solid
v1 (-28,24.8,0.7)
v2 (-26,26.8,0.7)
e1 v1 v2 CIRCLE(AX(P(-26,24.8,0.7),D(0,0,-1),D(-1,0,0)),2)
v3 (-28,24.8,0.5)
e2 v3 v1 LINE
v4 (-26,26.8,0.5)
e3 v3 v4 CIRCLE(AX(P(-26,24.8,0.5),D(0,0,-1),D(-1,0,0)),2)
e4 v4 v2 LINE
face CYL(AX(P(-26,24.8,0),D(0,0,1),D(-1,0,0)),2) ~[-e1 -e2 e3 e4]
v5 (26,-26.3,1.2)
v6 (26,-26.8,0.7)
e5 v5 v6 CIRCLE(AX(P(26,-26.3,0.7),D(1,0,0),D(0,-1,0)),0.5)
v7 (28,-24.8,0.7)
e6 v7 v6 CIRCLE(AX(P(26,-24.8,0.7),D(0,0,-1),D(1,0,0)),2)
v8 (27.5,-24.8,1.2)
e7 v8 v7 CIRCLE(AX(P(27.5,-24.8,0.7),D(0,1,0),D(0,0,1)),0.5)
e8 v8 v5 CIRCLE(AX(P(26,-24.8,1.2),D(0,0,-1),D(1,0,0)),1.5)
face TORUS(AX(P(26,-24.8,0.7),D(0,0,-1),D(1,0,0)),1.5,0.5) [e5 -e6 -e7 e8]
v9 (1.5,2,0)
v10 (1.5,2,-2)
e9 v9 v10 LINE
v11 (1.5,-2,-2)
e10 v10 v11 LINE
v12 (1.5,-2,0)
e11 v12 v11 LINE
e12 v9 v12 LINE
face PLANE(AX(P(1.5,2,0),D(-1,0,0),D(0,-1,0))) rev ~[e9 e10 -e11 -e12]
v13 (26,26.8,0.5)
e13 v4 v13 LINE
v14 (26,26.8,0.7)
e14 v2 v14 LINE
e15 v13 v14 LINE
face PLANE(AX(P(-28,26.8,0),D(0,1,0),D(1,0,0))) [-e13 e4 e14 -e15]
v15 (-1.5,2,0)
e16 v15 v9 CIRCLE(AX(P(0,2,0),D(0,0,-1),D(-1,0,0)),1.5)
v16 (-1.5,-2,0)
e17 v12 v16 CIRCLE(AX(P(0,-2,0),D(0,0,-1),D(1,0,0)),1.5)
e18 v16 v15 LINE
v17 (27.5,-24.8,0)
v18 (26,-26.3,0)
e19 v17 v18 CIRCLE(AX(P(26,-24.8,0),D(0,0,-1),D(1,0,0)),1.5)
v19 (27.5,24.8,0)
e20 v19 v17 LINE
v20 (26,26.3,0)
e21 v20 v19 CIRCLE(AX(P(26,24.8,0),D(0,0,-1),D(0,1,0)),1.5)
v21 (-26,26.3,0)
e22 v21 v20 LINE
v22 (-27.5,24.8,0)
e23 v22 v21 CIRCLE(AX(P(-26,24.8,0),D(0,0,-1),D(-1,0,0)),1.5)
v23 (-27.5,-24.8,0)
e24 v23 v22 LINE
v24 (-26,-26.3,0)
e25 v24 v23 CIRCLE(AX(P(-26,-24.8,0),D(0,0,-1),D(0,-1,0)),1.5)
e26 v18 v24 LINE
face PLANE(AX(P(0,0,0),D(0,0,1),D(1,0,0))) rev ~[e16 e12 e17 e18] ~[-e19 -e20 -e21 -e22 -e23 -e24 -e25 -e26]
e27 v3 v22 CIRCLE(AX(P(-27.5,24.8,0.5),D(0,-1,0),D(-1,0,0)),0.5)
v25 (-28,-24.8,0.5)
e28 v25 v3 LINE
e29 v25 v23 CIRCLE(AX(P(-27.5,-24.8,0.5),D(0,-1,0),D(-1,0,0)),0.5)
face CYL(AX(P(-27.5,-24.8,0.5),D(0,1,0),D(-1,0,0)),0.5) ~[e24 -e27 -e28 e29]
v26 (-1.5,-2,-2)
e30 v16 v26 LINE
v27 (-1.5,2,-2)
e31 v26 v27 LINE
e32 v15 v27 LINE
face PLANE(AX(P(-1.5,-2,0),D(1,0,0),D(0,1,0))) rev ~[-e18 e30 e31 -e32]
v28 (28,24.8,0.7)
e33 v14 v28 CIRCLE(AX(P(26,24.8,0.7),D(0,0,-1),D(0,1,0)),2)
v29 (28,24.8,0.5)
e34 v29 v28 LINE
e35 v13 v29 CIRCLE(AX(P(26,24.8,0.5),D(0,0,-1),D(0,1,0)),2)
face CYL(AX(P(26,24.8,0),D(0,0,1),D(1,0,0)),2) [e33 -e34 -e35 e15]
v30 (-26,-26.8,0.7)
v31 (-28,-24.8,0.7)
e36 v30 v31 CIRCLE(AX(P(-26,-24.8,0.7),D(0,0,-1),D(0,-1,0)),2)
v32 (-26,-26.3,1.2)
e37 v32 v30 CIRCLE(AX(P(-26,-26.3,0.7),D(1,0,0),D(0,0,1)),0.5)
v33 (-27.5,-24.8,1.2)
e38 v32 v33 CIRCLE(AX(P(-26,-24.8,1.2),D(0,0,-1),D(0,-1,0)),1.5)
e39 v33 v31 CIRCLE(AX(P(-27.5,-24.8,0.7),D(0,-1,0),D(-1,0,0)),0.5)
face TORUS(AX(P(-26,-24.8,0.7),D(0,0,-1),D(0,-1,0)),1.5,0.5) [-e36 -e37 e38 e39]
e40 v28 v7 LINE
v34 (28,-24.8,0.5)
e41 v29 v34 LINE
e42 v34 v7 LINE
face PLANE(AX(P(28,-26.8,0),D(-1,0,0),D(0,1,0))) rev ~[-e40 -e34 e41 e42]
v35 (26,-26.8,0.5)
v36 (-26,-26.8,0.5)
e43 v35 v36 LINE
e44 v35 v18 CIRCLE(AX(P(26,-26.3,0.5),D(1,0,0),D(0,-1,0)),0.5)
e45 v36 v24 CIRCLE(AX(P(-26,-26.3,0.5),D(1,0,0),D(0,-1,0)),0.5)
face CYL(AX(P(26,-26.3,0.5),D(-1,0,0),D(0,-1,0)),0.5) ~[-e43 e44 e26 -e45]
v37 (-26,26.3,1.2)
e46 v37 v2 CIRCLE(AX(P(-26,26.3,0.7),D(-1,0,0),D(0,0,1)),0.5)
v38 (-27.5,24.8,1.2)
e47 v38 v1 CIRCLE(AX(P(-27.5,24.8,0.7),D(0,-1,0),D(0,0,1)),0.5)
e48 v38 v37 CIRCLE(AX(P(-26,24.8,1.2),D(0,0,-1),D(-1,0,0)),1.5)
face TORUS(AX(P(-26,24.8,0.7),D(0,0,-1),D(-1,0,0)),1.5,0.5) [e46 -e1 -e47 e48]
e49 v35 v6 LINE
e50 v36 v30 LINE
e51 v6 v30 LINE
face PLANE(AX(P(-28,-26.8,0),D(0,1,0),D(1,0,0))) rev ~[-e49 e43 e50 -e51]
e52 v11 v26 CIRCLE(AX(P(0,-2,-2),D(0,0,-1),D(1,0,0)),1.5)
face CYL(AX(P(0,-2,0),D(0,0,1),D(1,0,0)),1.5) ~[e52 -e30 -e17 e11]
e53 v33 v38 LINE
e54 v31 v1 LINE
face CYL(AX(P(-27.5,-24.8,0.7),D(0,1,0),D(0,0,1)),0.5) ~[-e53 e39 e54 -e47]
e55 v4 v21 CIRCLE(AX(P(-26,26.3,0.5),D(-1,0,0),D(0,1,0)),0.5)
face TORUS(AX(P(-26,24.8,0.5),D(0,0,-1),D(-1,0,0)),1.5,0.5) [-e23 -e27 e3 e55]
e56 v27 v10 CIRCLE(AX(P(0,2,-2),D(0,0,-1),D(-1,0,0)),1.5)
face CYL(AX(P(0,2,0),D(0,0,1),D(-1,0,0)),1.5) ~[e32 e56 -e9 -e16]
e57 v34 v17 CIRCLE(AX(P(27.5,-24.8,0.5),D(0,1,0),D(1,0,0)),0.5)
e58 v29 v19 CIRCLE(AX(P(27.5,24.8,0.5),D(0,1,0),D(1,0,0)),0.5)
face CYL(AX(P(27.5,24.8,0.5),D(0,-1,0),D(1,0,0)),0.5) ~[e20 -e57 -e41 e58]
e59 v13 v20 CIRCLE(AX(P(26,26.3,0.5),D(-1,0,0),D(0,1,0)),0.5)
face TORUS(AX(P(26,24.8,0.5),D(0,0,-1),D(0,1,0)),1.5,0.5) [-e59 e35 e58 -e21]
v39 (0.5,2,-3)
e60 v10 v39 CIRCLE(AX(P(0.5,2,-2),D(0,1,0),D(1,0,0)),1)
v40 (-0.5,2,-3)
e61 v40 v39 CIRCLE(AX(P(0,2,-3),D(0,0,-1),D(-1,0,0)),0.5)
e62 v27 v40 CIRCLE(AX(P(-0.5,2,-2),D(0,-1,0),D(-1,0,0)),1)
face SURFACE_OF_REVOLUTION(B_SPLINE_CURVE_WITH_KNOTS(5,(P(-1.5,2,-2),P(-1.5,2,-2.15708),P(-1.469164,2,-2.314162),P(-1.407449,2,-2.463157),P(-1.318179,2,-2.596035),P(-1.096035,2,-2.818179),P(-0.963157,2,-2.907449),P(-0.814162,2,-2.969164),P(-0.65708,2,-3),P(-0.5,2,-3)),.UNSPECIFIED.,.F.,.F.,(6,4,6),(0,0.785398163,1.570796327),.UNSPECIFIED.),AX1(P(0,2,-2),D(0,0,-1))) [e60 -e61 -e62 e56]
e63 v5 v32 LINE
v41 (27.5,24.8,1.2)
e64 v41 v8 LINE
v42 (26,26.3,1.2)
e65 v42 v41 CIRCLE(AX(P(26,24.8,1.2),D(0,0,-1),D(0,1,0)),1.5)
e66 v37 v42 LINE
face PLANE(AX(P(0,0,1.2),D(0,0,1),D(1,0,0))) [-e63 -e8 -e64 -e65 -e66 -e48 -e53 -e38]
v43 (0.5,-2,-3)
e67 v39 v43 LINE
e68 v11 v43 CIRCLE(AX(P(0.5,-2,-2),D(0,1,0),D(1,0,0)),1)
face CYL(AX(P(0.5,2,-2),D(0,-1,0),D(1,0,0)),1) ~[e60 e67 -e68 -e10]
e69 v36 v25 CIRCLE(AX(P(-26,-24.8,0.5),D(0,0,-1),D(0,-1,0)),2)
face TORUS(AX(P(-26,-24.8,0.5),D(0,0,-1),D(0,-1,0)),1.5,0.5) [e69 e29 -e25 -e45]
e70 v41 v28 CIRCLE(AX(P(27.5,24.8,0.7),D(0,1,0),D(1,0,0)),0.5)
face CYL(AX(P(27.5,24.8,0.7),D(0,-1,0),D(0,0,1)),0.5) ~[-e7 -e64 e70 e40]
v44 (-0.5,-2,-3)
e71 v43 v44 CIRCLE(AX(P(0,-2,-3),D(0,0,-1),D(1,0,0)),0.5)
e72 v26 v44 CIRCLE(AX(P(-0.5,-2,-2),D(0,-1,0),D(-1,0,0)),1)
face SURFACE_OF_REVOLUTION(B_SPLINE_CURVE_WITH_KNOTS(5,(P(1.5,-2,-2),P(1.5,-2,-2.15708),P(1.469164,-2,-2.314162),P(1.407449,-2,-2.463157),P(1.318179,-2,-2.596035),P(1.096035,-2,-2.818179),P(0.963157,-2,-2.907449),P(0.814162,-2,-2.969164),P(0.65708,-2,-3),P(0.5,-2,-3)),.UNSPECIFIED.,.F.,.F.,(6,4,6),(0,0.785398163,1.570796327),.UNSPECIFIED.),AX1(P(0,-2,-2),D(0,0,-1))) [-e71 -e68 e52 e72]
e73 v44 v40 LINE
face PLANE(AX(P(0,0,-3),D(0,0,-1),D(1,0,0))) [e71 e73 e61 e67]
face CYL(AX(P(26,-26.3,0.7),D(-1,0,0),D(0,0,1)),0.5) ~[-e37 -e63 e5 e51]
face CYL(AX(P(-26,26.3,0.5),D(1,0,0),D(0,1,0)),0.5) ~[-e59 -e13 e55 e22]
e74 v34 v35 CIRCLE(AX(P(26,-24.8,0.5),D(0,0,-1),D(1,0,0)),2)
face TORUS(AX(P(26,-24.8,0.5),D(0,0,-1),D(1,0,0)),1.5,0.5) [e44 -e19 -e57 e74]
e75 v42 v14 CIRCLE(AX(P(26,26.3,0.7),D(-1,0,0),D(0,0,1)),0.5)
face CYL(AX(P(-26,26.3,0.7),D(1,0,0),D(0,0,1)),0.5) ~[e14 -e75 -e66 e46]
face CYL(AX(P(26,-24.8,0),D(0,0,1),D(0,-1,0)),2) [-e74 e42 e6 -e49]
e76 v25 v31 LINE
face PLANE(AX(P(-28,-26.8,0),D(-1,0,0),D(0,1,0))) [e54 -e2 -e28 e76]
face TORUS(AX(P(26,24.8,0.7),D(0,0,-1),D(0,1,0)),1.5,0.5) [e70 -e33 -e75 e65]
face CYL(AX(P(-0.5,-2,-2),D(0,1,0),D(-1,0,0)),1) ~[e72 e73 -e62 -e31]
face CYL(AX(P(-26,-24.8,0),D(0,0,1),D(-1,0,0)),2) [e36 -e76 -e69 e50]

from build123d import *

# Parameters (mm, degrees)
SKETCH004_W  = 56
SKETCH004_H  = 53.6
PAD002_DEPTH = 1.2
FILLET002_R  = 2
FILLET003_R  = 0.5
PAD003_DEPTH = 3
FILLET004_R  = 1


with BuildPart() as part:
    # Sketch004 → Pad002 (new body)
    with BuildSketch(Plane.XY):
        Rectangle(SKETCH004_W, SKETCH004_H)
    extrude(amount=PAD002_DEPTH)

    # Fillet002
    fillet002_edges = [part.edges().sort_by_distance(p)[0] for p in [
        (-28, -26.8, 0.6),
        (-28, 26.8, 0.6),
        (28, -26.8, 0.6),
        (28, 26.8, 0.6),
    ]]
    fillet(fillet002_edges, radius=FILLET002_R)

    # Fillet003
    fillet003_edges = [part.edges().sort_by_distance(p)[0] for p in [
        (0, 26.8, 1.2),
        (-28, 0, 0),
    ]]
    fillet(fillet003_edges, radius=FILLET003_R)

    # Sketch005 (on Face9 of Fillet003) → Pad003 (join)
    with BuildSketch(Plane(origin=(0, 0, 0), x_dir=(1, 0, 0), z_dir=(0, 0, -1))):
        with BuildLine():
            ThreePointArc((1.5, 2), (0, 3.5), (-1.5, 2))
            Line((-1.5, 2), (-1.5, -2))
            ThreePointArc((-1.5, -2), (0, -3.5), (1.5, -2))
            Line((1.5, -2), (1.5, 2))
        make_face()
    extrude(amount=PAD003_DEPTH)

    # Fillet004
    fillet004_edges = [part.edges().sort_by_distance(p)[0] for p in [
        (-1.5, 0, -3),
    ]]
    fillet(fillet004_edges, radius=FILLET004_R)


solid = part.part
